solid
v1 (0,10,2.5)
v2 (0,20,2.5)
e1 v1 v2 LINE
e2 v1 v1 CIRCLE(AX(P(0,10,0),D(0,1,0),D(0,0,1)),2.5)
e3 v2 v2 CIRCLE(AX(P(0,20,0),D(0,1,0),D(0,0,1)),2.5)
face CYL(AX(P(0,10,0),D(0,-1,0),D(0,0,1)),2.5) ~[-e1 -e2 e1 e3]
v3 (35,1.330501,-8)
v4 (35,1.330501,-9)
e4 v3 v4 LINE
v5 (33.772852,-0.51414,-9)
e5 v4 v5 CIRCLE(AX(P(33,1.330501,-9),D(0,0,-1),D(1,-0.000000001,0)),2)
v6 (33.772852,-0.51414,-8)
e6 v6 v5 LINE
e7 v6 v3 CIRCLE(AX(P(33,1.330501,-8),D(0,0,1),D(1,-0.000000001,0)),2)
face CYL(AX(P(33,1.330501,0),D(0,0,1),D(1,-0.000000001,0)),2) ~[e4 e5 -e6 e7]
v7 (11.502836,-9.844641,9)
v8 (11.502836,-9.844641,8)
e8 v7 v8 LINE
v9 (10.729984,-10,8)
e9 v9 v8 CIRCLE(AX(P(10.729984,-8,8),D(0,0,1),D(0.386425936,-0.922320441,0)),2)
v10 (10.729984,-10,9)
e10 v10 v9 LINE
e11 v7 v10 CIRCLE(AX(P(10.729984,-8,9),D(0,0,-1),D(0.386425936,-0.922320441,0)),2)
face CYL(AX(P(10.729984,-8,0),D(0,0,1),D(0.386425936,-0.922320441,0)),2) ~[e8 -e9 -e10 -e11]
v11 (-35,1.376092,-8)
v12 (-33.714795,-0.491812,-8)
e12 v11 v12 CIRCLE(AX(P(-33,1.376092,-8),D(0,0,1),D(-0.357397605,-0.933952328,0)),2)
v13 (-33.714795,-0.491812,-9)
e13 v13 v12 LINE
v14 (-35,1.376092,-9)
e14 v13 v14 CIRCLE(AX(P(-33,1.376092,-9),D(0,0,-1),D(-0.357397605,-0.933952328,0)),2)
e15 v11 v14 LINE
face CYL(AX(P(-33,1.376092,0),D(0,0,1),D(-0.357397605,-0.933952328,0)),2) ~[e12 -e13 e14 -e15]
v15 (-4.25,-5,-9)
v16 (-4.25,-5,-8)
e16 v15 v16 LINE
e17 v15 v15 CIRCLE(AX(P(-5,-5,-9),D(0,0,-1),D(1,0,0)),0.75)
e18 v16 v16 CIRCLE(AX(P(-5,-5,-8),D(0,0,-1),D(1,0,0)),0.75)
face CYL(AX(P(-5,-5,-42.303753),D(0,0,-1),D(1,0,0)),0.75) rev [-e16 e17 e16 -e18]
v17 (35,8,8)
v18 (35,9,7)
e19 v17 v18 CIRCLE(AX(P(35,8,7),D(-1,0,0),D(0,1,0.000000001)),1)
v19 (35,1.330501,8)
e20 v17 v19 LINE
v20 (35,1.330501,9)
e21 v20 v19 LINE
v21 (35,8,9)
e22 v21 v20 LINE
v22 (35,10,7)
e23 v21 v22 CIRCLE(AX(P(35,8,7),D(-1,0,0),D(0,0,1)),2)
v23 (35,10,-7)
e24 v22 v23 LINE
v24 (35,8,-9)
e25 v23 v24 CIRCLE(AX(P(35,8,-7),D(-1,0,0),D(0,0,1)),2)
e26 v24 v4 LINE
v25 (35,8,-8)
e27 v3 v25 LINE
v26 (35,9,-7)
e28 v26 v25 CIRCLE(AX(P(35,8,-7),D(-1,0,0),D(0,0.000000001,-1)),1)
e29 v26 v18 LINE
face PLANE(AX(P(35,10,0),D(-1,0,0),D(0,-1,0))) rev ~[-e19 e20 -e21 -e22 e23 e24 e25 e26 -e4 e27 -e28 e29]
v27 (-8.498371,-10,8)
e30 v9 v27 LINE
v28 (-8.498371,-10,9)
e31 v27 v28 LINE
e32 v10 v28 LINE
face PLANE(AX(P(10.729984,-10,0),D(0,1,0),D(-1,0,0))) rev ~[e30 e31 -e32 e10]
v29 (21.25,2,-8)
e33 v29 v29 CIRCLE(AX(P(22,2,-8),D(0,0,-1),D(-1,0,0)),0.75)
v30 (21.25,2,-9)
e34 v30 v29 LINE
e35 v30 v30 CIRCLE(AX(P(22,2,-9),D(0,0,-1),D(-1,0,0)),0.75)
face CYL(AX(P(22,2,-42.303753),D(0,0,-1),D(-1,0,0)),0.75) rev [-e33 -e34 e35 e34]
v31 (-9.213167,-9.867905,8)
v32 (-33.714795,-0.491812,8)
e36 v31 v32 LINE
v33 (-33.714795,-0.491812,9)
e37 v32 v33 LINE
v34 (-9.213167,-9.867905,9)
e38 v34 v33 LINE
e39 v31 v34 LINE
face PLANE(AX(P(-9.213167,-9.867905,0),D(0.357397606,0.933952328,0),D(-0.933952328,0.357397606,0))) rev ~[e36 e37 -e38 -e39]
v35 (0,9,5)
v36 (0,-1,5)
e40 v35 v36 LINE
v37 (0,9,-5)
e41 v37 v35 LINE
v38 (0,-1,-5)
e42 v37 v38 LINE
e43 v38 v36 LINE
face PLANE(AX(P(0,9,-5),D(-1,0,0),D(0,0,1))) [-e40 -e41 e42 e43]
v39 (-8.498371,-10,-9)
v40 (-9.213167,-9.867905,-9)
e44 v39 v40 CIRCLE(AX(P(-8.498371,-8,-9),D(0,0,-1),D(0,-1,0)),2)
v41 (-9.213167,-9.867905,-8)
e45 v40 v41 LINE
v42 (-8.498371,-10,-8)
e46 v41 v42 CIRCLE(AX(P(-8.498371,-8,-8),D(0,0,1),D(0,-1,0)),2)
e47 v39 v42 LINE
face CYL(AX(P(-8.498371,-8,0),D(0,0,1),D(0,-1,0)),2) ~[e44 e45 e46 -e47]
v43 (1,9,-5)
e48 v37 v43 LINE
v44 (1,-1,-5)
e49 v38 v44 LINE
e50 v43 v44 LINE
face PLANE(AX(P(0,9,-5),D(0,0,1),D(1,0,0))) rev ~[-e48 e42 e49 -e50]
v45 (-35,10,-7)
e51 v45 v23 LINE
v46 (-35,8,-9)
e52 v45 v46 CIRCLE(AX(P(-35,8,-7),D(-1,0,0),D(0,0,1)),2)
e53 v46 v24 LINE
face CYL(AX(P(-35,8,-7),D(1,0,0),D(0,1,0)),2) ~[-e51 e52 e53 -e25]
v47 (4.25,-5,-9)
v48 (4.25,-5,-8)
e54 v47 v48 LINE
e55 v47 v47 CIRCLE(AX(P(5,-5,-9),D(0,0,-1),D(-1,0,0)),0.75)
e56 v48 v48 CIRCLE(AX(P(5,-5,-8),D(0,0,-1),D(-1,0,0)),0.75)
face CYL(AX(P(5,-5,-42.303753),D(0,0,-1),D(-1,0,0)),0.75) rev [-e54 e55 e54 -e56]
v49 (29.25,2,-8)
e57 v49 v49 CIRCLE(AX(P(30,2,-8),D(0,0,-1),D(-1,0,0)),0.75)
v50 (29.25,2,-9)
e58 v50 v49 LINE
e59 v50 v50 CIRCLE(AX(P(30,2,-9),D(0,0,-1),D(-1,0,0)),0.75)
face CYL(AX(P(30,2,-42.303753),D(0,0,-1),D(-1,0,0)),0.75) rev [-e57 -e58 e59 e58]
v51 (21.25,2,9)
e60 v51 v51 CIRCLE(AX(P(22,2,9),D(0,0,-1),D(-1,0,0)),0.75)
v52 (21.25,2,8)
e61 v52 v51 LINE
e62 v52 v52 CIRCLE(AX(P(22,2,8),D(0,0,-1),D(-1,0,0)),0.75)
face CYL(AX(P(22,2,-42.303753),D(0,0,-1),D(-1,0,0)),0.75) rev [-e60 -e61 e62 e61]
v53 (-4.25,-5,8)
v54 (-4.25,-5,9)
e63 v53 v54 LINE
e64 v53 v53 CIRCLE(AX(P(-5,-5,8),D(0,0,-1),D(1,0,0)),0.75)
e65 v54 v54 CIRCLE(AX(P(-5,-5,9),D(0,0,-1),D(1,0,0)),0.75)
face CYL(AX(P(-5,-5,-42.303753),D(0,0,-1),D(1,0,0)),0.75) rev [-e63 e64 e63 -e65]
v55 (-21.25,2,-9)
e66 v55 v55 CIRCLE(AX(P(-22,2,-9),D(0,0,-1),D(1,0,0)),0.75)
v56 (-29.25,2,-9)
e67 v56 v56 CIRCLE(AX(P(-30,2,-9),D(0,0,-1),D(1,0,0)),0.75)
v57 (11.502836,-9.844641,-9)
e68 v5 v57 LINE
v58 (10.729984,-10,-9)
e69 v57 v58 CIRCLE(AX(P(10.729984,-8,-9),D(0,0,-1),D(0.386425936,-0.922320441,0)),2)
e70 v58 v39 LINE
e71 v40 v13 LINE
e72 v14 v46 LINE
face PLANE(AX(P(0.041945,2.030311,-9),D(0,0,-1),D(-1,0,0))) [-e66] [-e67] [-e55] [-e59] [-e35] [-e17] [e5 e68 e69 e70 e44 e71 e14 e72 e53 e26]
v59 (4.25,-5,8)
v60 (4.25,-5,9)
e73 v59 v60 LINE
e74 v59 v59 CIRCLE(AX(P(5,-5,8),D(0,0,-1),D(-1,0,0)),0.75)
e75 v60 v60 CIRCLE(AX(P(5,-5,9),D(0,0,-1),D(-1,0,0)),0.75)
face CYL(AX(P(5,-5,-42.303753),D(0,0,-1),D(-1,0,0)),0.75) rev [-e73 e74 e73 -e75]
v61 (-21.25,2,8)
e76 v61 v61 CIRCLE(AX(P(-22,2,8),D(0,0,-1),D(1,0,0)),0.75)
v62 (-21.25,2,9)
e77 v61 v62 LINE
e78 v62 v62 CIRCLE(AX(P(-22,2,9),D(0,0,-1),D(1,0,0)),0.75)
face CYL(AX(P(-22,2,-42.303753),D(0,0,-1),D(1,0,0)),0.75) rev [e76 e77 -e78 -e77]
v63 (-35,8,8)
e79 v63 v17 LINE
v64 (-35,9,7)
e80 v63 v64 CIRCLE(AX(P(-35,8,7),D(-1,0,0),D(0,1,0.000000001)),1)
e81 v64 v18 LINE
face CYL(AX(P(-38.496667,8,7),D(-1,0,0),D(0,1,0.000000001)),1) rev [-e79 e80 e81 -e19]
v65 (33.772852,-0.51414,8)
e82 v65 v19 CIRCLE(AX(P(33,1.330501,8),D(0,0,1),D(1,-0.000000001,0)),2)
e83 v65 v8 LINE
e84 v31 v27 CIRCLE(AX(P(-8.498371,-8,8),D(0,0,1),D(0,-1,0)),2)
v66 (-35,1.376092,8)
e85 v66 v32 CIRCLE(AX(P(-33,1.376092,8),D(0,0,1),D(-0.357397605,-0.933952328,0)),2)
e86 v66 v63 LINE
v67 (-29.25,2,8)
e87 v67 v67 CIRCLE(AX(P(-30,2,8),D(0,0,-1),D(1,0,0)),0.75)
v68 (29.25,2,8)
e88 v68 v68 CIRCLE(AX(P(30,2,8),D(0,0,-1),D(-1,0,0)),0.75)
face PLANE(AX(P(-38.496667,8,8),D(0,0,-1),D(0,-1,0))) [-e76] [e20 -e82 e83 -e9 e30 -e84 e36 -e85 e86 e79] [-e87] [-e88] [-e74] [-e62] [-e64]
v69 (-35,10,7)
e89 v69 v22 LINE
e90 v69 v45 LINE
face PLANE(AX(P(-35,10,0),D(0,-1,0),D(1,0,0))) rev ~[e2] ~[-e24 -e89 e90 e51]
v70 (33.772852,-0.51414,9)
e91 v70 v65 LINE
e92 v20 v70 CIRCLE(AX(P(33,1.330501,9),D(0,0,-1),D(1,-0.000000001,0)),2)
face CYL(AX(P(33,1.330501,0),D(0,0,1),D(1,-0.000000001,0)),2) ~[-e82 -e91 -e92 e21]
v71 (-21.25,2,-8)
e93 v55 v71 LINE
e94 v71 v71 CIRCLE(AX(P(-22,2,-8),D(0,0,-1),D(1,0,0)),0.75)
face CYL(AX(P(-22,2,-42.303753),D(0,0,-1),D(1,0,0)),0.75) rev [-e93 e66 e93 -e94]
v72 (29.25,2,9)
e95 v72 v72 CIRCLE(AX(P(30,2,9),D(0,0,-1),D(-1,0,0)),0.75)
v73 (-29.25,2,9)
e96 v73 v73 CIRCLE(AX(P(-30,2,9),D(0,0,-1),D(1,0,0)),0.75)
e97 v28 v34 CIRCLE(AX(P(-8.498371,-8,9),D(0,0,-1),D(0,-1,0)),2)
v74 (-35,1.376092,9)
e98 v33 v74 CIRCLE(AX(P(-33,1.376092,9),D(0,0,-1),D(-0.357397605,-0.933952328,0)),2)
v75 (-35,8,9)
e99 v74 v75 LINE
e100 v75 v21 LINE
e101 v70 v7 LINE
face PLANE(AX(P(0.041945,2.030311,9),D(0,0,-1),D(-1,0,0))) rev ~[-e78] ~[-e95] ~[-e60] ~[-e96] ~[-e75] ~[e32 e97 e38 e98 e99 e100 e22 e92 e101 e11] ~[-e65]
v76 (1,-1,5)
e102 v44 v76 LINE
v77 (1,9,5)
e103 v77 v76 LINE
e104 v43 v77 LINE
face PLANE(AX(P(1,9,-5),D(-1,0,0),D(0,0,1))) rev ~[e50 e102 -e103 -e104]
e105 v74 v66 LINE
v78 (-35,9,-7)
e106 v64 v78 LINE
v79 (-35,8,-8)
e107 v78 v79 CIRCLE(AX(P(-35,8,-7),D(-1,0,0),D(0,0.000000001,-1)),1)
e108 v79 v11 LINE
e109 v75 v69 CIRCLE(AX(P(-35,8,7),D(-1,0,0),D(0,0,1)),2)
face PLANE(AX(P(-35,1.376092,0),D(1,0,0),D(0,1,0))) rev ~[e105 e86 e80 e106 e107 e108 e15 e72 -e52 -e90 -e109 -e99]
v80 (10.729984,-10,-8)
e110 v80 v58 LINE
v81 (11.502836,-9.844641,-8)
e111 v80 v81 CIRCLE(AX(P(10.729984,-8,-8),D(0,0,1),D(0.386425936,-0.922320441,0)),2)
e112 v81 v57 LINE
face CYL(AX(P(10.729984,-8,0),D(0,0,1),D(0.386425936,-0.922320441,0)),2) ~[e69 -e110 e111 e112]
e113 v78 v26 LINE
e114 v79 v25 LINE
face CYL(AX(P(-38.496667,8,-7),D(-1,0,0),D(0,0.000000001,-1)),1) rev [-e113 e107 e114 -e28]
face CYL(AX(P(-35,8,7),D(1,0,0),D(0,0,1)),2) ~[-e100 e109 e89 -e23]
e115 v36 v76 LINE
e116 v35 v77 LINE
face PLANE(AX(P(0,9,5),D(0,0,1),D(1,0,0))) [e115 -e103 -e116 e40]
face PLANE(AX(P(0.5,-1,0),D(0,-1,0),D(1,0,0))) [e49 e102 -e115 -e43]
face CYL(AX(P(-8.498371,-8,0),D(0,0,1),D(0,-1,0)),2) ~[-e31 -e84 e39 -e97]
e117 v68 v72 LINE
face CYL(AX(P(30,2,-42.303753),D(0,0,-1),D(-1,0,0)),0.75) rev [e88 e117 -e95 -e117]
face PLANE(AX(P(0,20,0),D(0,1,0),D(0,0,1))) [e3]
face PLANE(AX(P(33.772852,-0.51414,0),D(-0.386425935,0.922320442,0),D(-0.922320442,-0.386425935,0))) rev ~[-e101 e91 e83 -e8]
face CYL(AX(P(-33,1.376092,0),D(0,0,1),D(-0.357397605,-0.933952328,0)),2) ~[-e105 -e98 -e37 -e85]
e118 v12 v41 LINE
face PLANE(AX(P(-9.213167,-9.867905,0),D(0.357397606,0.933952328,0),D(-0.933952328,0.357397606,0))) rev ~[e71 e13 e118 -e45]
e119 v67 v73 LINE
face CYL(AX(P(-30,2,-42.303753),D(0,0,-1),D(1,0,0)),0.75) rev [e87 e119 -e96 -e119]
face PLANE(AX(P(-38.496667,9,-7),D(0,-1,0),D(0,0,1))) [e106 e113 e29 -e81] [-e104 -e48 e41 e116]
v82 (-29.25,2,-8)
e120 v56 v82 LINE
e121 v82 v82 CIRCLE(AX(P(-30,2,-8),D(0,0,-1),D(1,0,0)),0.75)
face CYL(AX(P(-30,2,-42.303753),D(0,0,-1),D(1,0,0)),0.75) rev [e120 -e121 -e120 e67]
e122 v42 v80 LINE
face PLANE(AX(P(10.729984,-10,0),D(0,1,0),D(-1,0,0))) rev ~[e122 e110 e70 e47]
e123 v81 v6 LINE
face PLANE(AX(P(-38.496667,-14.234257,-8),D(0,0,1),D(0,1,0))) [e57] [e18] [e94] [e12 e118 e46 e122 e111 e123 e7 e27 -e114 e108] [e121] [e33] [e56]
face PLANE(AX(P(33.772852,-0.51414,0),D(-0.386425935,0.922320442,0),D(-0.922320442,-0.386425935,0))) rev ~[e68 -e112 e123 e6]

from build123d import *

# Parameters (mm, degrees)
BOSS_EXTRUDE1_DEPTH     = 9
FILLET1_R               = 2
CUT_EXTRUDE1_DEPTH      = 38.496666519
CUT_EXTRUDE1_DEPTH_BACK = 38.496666519
SKETCH3_R               = 2.5
BOSS_EXTRUDE2_DEPTH     = 10
CUT_EXTRUDE2_DEPTH      = 42.303752856
CUT_EXTRUDE2_DEPTH_BACK = 42.303752856
SKETCH4_R               = 0.75
SKETCH5_W               = 1
SKETCH5_H               = 10
BOSS_EXTRUDE3_DEPTH     = 10


with BuildPart() as part:
    # Sketch1 → Boss-Extrude1 (new, symmetric)
    with BuildSketch(Plane.XY):
        with BuildLine():
            ThreePointArc((-33.714795211, -0.491812162), (-34.647663561, 0.242423764), (-35, 1.376092494))
            Line((-35, 1.376092494), (-35, 10))
            Line((-35, 10), (35, 10))
            Line((35, 10), (35, 1.330500849))
            ThreePointArc((35, 1.330500849), (34.665188238, 0.222733667), (33.772851869, -0.514140034))
            Line((33.772851869, -0.514140034), (11.50283608, -9.844640883))
            ThreePointArc((11.50283608, -9.844640883), (11.12414042, -9.960775582), (10.729984211, -10))
            Line((10.729984211, -10), (-8.498371341, -10))
            ThreePointArc((-8.498371341, -10), (-8.861820571, -9.966698924), (-9.213166552, -9.867904657))
            Line((-9.213166552, -9.867904657), (-33.714795211, -0.491812162))
        make_face()
    extrude(amount=BOSS_EXTRUDE1_DEPTH, both=True)

    # Fillet1
    fillet1_edges = [part.edges().sort_by_distance(p)[0] for p in [
        (0, 10, -9),
        (0, 10, 9),
    ]]
    fillet(fillet1_edges, radius=FILLET1_R)

    # Sketch2 → Cut-Extrude1 (cut, two sides: drawn at the far end of the back side and taken through both)
    with BuildSketch(Plane(origin=(0, 0, 0), x_dir=(0, 0, -1), z_dir=(1, 0, 0)).offset(-CUT_EXTRUDE1_DEPTH_BACK)):
        with BuildLine():
            Line((-8, 8), (-8, -14.234256749))
            Line((-8, -14.234256749), (8, -14.234256749))
            Line((8, -14.234256749), (8, 1.330500849))
            Line((8, 1.330500849), (8, 8))
            ThreePointArc((8, 8), (7.707106781, 8.707106781), (7, 9))
            Line((7, 9), (-7, 9))
            ThreePointArc((-7, 9), (-7.707106781, 8.707106781), (-8, 8))
        make_face()
    extrude(amount=CUT_EXTRUDE1_DEPTH + CUT_EXTRUDE1_DEPTH_BACK, mode=Mode.SUBTRACT)

    # Sketch3 → Boss-Extrude2 (add)
    with BuildSketch(Plane(origin=(0, 10, 0), x_dir=(1, 0, 0), z_dir=(0, 1, 0))):
        with Locations(Location((0, 0, 0), (0, 0, 270))):
            Circle(SKETCH3_R)
    extrude(amount=BOSS_EXTRUDE2_DEPTH)

    # Sketch4 → Cut-Extrude2 (cut, two sides: drawn at the far end of the back side and taken through both)
    with BuildSketch(Plane.XY.offset(-CUT_EXTRUDE2_DEPTH_BACK)):
        with Locations((-30, 2)):
            Circle(SKETCH4_R)
        with Locations((-22, 2)):
            Circle(SKETCH4_R)
        with Locations((-5, -5)):
            Circle(SKETCH4_R)
        with Locations(Location((5, -5, 0), (0, 0, 180))):
            Circle(SKETCH4_R)
        with Locations(Location((22, 2, 0), (0, 0, 180))):
            Circle(SKETCH4_R)
        with Locations(Location((30, 2, 0), (0, 0, 180))):
            Circle(SKETCH4_R)
    extrude(amount=CUT_EXTRUDE2_DEPTH + CUT_EXTRUDE2_DEPTH_BACK, mode=Mode.SUBTRACT)

    # Sketch5 → Boss-Extrude3 (add)
    with BuildSketch(Plane.XZ.offset(-9)):
        with Locations((0.5, 0)):
            Rectangle(SKETCH5_W, SKETCH5_H)
    extrude(amount=BOSS_EXTRUDE3_DEPTH)


solid = part.part
